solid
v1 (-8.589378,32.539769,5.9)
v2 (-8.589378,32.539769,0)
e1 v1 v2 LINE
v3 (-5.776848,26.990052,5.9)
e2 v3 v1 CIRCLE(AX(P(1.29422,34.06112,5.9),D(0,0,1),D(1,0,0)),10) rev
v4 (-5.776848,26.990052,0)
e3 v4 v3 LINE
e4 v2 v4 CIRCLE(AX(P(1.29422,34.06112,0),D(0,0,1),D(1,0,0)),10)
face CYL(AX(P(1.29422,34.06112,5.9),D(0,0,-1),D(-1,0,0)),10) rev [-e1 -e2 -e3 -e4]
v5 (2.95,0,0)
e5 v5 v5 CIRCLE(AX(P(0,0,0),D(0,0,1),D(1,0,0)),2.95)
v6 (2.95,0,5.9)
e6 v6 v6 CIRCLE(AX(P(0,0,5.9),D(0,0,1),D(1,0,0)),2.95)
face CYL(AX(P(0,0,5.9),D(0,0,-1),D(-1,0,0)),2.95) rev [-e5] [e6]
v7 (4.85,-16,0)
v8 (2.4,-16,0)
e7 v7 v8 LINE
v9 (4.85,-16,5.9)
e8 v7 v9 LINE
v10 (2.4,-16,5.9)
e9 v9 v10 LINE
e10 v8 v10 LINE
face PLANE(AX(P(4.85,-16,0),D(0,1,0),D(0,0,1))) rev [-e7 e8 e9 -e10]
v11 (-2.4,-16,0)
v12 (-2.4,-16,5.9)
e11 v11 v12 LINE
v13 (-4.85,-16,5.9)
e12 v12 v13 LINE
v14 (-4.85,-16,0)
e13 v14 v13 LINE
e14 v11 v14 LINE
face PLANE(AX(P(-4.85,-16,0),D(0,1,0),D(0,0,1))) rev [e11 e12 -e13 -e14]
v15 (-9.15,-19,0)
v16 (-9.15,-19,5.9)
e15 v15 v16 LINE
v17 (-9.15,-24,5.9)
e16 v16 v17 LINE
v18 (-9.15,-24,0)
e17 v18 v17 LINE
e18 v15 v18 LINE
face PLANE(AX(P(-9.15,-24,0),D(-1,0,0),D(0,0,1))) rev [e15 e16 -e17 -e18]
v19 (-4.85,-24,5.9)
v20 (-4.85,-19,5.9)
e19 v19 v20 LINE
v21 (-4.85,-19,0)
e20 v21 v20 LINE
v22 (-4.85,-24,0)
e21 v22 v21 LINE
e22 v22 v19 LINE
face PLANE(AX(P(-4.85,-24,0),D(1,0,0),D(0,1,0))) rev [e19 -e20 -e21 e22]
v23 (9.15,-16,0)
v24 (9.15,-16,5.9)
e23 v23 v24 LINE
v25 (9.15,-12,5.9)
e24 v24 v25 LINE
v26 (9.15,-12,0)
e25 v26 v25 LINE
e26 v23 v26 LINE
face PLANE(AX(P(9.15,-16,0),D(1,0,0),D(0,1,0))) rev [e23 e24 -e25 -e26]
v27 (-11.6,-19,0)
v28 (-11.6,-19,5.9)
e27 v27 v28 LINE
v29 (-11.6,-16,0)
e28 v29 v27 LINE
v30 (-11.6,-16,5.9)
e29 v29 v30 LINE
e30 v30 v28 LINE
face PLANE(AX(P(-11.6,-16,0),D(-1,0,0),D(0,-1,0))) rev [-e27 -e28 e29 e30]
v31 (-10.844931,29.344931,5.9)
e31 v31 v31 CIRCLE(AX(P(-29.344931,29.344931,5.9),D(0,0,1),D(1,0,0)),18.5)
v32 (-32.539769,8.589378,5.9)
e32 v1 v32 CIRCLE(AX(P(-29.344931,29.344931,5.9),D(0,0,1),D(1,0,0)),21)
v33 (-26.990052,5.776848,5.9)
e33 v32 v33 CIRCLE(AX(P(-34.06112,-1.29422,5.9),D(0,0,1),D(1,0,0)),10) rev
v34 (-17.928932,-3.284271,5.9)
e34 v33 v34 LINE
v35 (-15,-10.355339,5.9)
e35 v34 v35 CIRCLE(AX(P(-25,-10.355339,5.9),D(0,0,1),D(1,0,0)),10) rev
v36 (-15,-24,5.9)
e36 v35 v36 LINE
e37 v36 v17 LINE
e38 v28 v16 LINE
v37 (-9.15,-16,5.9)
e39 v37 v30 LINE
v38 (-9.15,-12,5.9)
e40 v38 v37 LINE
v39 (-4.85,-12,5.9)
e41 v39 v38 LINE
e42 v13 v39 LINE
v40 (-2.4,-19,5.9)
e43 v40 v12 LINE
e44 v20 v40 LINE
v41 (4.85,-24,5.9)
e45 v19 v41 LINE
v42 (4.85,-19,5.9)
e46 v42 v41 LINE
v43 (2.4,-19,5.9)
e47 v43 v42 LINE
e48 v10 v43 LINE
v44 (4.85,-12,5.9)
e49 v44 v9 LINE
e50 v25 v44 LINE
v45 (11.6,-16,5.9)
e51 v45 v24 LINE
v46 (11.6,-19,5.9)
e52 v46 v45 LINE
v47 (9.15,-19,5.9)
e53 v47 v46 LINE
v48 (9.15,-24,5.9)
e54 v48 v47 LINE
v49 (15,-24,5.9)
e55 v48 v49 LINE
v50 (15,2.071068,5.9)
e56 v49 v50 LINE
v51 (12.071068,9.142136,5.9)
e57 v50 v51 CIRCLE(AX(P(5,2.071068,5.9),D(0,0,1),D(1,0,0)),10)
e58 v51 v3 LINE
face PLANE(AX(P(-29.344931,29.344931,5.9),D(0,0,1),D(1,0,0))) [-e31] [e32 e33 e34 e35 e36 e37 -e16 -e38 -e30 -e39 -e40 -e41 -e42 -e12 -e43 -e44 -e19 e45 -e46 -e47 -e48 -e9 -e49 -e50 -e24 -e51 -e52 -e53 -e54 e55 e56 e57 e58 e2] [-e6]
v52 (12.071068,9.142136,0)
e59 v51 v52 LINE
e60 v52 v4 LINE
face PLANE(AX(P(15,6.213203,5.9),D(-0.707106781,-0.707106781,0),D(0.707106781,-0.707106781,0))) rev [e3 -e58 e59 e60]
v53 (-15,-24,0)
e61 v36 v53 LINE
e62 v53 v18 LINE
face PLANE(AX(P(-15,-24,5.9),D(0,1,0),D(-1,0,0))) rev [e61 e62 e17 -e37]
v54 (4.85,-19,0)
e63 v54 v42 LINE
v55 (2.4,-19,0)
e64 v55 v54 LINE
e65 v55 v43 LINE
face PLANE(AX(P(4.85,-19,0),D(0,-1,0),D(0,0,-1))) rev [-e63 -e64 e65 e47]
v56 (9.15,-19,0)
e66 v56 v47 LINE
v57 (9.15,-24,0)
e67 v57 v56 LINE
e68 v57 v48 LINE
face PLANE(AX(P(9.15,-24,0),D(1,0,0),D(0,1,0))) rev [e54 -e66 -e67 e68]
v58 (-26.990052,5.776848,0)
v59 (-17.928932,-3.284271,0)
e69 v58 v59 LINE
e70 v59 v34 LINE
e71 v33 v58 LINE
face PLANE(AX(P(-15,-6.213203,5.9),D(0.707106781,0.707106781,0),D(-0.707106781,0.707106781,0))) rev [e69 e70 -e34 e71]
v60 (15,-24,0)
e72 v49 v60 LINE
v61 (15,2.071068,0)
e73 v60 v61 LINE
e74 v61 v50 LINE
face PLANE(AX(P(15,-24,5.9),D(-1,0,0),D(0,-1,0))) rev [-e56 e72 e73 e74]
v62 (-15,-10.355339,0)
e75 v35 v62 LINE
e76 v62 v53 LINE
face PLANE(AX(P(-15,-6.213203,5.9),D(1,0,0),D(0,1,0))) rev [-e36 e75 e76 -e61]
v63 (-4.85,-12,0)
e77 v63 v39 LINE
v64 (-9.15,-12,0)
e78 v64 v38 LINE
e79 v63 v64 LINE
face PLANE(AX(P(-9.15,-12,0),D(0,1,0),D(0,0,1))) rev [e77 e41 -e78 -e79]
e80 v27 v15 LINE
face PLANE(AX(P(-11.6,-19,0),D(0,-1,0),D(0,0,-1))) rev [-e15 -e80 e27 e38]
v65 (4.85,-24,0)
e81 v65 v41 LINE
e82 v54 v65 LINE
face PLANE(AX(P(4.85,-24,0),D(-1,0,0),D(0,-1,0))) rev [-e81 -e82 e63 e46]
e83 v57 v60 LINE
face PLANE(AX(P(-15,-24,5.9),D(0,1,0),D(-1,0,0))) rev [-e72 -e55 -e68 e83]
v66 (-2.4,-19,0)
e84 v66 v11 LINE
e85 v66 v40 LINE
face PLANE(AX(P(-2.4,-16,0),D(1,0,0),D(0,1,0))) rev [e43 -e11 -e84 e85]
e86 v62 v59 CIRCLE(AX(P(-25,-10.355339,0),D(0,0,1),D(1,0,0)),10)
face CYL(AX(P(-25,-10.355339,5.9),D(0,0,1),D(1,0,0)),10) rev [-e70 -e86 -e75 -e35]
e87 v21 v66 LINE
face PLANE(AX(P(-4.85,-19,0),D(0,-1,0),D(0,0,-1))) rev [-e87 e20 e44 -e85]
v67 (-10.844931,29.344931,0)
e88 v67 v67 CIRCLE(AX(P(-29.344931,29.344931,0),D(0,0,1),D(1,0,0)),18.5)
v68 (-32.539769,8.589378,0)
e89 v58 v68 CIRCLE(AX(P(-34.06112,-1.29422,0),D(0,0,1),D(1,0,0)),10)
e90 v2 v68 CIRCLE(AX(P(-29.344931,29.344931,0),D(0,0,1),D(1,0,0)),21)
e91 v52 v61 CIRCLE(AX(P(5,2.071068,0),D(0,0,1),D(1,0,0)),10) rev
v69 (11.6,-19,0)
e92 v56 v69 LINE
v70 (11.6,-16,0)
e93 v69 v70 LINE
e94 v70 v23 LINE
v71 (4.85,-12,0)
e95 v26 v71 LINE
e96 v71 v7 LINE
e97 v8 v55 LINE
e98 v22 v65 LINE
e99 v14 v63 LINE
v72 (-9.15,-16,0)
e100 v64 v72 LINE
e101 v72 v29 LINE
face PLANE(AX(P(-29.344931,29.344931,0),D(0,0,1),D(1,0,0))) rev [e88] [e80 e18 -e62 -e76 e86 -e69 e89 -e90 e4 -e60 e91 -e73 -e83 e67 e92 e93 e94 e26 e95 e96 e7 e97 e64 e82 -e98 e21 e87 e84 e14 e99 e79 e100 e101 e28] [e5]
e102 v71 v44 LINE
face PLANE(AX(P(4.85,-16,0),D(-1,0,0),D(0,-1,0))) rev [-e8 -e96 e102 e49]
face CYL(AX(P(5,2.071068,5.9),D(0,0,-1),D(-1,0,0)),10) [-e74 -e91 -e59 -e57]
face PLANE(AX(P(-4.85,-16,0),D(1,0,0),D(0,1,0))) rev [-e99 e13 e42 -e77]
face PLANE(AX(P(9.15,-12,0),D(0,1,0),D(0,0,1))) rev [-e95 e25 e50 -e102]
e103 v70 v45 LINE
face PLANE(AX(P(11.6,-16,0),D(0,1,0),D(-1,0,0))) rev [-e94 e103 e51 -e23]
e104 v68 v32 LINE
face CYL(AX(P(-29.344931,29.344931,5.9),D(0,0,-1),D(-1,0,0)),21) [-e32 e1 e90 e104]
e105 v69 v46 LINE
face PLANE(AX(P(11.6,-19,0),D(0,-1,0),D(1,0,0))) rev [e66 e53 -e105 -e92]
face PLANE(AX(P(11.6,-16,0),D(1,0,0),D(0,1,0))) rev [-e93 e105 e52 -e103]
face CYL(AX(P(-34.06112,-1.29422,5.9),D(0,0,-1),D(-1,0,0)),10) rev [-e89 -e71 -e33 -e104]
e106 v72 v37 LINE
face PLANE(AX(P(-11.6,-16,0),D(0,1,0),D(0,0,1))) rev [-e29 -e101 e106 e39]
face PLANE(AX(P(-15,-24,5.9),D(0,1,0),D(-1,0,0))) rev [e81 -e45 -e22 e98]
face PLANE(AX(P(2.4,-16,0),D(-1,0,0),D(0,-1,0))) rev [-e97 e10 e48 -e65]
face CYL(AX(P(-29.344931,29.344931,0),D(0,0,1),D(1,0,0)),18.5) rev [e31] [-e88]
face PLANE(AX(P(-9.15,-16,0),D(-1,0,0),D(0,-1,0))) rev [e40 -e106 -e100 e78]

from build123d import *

# Parameters (mm, degrees)
SKETCH1_R           = 2.95
BOSS_EXTRUDE1_DEPTH = 5.9
SKETCH2_R           = 18.5
CUT_EXTRUDE1_DEPTH  = 72.442524026
CUT_EXTRUDE2_DEPTH  = 72.442524026
FILLET1_R           = 10


with BuildPart() as part:
    # Sketch1 → Boss-Extrude1 (new body)
    with BuildSketch(Plane.XY):
        with BuildLine():
            Line((-15, -6.213203436), (-15, -24))
            Line((-15, -24), (15, -24))
            Line((15, -24), (15, 6.213203436))
            Line((15, 6.213203436), (-8.346024856, 29.559228292))
            ThreePointArc((-8.346024856, 29.559228292), (-44.194173824, 44.194173824), (-29.559228292, 8.346024856))
            Line((-29.559228292, 8.346024856), (-15, -6.213203436))
        make_face()
        Circle(SKETCH1_R, mode=Mode.SUBTRACT)
    extrude(amount=BOSS_EXTRUDE1_DEPTH)

    # Sketch2 → Cut-Extrude1 (cut, through all)
    with BuildSketch(Plane.XY.offset(5.9)):
        with Locations((-29.344931419, 29.344931419)):
            Circle(SKETCH2_R)
    extrude(amount=-CUT_EXTRUDE1_DEPTH, mode=Mode.SUBTRACT)

    # Sketch3 → Cut-Extrude2 (cut, through all)
    with BuildSketch(Plane.XY.offset(5.9)):
        Polygon((-9.15, -24), (-4.85, -24), (-4.85, -19), (-2.4, -19), (-2.4, -16), (-4.85, -16), (-4.85, -12), (-9.15, -12), (-9.15, -16), (-11.6, -16), (-11.6, -19), (-9.15, -19), align=None)
        Polygon((4.85, -16), (4.85, -12), (9.15, -12), (9.15, -16), (11.6, -16), (11.6, -19), (9.15, -19), (9.15, -24), (4.85, -24), (4.85, -19), (2.4, -19), (2.4, -16), align=None)
    extrude(amount=-CUT_EXTRUDE2_DEPTH, mode=Mode.SUBTRACT)

    # Fillet1
    fillet1_edges = [part.edges().sort_by_distance(p)[0] for p in [
        (-8.346024856, 29.559228292, 2.95),
        (15, 6.213203436, 2.95),
        (-15, -6.213203436, 2.95),
        (-29.559228292, 8.346024856, 2.95),
    ]]
    fillet(fillet1_edges, radius=FILLET1_R)


solid = part.part
